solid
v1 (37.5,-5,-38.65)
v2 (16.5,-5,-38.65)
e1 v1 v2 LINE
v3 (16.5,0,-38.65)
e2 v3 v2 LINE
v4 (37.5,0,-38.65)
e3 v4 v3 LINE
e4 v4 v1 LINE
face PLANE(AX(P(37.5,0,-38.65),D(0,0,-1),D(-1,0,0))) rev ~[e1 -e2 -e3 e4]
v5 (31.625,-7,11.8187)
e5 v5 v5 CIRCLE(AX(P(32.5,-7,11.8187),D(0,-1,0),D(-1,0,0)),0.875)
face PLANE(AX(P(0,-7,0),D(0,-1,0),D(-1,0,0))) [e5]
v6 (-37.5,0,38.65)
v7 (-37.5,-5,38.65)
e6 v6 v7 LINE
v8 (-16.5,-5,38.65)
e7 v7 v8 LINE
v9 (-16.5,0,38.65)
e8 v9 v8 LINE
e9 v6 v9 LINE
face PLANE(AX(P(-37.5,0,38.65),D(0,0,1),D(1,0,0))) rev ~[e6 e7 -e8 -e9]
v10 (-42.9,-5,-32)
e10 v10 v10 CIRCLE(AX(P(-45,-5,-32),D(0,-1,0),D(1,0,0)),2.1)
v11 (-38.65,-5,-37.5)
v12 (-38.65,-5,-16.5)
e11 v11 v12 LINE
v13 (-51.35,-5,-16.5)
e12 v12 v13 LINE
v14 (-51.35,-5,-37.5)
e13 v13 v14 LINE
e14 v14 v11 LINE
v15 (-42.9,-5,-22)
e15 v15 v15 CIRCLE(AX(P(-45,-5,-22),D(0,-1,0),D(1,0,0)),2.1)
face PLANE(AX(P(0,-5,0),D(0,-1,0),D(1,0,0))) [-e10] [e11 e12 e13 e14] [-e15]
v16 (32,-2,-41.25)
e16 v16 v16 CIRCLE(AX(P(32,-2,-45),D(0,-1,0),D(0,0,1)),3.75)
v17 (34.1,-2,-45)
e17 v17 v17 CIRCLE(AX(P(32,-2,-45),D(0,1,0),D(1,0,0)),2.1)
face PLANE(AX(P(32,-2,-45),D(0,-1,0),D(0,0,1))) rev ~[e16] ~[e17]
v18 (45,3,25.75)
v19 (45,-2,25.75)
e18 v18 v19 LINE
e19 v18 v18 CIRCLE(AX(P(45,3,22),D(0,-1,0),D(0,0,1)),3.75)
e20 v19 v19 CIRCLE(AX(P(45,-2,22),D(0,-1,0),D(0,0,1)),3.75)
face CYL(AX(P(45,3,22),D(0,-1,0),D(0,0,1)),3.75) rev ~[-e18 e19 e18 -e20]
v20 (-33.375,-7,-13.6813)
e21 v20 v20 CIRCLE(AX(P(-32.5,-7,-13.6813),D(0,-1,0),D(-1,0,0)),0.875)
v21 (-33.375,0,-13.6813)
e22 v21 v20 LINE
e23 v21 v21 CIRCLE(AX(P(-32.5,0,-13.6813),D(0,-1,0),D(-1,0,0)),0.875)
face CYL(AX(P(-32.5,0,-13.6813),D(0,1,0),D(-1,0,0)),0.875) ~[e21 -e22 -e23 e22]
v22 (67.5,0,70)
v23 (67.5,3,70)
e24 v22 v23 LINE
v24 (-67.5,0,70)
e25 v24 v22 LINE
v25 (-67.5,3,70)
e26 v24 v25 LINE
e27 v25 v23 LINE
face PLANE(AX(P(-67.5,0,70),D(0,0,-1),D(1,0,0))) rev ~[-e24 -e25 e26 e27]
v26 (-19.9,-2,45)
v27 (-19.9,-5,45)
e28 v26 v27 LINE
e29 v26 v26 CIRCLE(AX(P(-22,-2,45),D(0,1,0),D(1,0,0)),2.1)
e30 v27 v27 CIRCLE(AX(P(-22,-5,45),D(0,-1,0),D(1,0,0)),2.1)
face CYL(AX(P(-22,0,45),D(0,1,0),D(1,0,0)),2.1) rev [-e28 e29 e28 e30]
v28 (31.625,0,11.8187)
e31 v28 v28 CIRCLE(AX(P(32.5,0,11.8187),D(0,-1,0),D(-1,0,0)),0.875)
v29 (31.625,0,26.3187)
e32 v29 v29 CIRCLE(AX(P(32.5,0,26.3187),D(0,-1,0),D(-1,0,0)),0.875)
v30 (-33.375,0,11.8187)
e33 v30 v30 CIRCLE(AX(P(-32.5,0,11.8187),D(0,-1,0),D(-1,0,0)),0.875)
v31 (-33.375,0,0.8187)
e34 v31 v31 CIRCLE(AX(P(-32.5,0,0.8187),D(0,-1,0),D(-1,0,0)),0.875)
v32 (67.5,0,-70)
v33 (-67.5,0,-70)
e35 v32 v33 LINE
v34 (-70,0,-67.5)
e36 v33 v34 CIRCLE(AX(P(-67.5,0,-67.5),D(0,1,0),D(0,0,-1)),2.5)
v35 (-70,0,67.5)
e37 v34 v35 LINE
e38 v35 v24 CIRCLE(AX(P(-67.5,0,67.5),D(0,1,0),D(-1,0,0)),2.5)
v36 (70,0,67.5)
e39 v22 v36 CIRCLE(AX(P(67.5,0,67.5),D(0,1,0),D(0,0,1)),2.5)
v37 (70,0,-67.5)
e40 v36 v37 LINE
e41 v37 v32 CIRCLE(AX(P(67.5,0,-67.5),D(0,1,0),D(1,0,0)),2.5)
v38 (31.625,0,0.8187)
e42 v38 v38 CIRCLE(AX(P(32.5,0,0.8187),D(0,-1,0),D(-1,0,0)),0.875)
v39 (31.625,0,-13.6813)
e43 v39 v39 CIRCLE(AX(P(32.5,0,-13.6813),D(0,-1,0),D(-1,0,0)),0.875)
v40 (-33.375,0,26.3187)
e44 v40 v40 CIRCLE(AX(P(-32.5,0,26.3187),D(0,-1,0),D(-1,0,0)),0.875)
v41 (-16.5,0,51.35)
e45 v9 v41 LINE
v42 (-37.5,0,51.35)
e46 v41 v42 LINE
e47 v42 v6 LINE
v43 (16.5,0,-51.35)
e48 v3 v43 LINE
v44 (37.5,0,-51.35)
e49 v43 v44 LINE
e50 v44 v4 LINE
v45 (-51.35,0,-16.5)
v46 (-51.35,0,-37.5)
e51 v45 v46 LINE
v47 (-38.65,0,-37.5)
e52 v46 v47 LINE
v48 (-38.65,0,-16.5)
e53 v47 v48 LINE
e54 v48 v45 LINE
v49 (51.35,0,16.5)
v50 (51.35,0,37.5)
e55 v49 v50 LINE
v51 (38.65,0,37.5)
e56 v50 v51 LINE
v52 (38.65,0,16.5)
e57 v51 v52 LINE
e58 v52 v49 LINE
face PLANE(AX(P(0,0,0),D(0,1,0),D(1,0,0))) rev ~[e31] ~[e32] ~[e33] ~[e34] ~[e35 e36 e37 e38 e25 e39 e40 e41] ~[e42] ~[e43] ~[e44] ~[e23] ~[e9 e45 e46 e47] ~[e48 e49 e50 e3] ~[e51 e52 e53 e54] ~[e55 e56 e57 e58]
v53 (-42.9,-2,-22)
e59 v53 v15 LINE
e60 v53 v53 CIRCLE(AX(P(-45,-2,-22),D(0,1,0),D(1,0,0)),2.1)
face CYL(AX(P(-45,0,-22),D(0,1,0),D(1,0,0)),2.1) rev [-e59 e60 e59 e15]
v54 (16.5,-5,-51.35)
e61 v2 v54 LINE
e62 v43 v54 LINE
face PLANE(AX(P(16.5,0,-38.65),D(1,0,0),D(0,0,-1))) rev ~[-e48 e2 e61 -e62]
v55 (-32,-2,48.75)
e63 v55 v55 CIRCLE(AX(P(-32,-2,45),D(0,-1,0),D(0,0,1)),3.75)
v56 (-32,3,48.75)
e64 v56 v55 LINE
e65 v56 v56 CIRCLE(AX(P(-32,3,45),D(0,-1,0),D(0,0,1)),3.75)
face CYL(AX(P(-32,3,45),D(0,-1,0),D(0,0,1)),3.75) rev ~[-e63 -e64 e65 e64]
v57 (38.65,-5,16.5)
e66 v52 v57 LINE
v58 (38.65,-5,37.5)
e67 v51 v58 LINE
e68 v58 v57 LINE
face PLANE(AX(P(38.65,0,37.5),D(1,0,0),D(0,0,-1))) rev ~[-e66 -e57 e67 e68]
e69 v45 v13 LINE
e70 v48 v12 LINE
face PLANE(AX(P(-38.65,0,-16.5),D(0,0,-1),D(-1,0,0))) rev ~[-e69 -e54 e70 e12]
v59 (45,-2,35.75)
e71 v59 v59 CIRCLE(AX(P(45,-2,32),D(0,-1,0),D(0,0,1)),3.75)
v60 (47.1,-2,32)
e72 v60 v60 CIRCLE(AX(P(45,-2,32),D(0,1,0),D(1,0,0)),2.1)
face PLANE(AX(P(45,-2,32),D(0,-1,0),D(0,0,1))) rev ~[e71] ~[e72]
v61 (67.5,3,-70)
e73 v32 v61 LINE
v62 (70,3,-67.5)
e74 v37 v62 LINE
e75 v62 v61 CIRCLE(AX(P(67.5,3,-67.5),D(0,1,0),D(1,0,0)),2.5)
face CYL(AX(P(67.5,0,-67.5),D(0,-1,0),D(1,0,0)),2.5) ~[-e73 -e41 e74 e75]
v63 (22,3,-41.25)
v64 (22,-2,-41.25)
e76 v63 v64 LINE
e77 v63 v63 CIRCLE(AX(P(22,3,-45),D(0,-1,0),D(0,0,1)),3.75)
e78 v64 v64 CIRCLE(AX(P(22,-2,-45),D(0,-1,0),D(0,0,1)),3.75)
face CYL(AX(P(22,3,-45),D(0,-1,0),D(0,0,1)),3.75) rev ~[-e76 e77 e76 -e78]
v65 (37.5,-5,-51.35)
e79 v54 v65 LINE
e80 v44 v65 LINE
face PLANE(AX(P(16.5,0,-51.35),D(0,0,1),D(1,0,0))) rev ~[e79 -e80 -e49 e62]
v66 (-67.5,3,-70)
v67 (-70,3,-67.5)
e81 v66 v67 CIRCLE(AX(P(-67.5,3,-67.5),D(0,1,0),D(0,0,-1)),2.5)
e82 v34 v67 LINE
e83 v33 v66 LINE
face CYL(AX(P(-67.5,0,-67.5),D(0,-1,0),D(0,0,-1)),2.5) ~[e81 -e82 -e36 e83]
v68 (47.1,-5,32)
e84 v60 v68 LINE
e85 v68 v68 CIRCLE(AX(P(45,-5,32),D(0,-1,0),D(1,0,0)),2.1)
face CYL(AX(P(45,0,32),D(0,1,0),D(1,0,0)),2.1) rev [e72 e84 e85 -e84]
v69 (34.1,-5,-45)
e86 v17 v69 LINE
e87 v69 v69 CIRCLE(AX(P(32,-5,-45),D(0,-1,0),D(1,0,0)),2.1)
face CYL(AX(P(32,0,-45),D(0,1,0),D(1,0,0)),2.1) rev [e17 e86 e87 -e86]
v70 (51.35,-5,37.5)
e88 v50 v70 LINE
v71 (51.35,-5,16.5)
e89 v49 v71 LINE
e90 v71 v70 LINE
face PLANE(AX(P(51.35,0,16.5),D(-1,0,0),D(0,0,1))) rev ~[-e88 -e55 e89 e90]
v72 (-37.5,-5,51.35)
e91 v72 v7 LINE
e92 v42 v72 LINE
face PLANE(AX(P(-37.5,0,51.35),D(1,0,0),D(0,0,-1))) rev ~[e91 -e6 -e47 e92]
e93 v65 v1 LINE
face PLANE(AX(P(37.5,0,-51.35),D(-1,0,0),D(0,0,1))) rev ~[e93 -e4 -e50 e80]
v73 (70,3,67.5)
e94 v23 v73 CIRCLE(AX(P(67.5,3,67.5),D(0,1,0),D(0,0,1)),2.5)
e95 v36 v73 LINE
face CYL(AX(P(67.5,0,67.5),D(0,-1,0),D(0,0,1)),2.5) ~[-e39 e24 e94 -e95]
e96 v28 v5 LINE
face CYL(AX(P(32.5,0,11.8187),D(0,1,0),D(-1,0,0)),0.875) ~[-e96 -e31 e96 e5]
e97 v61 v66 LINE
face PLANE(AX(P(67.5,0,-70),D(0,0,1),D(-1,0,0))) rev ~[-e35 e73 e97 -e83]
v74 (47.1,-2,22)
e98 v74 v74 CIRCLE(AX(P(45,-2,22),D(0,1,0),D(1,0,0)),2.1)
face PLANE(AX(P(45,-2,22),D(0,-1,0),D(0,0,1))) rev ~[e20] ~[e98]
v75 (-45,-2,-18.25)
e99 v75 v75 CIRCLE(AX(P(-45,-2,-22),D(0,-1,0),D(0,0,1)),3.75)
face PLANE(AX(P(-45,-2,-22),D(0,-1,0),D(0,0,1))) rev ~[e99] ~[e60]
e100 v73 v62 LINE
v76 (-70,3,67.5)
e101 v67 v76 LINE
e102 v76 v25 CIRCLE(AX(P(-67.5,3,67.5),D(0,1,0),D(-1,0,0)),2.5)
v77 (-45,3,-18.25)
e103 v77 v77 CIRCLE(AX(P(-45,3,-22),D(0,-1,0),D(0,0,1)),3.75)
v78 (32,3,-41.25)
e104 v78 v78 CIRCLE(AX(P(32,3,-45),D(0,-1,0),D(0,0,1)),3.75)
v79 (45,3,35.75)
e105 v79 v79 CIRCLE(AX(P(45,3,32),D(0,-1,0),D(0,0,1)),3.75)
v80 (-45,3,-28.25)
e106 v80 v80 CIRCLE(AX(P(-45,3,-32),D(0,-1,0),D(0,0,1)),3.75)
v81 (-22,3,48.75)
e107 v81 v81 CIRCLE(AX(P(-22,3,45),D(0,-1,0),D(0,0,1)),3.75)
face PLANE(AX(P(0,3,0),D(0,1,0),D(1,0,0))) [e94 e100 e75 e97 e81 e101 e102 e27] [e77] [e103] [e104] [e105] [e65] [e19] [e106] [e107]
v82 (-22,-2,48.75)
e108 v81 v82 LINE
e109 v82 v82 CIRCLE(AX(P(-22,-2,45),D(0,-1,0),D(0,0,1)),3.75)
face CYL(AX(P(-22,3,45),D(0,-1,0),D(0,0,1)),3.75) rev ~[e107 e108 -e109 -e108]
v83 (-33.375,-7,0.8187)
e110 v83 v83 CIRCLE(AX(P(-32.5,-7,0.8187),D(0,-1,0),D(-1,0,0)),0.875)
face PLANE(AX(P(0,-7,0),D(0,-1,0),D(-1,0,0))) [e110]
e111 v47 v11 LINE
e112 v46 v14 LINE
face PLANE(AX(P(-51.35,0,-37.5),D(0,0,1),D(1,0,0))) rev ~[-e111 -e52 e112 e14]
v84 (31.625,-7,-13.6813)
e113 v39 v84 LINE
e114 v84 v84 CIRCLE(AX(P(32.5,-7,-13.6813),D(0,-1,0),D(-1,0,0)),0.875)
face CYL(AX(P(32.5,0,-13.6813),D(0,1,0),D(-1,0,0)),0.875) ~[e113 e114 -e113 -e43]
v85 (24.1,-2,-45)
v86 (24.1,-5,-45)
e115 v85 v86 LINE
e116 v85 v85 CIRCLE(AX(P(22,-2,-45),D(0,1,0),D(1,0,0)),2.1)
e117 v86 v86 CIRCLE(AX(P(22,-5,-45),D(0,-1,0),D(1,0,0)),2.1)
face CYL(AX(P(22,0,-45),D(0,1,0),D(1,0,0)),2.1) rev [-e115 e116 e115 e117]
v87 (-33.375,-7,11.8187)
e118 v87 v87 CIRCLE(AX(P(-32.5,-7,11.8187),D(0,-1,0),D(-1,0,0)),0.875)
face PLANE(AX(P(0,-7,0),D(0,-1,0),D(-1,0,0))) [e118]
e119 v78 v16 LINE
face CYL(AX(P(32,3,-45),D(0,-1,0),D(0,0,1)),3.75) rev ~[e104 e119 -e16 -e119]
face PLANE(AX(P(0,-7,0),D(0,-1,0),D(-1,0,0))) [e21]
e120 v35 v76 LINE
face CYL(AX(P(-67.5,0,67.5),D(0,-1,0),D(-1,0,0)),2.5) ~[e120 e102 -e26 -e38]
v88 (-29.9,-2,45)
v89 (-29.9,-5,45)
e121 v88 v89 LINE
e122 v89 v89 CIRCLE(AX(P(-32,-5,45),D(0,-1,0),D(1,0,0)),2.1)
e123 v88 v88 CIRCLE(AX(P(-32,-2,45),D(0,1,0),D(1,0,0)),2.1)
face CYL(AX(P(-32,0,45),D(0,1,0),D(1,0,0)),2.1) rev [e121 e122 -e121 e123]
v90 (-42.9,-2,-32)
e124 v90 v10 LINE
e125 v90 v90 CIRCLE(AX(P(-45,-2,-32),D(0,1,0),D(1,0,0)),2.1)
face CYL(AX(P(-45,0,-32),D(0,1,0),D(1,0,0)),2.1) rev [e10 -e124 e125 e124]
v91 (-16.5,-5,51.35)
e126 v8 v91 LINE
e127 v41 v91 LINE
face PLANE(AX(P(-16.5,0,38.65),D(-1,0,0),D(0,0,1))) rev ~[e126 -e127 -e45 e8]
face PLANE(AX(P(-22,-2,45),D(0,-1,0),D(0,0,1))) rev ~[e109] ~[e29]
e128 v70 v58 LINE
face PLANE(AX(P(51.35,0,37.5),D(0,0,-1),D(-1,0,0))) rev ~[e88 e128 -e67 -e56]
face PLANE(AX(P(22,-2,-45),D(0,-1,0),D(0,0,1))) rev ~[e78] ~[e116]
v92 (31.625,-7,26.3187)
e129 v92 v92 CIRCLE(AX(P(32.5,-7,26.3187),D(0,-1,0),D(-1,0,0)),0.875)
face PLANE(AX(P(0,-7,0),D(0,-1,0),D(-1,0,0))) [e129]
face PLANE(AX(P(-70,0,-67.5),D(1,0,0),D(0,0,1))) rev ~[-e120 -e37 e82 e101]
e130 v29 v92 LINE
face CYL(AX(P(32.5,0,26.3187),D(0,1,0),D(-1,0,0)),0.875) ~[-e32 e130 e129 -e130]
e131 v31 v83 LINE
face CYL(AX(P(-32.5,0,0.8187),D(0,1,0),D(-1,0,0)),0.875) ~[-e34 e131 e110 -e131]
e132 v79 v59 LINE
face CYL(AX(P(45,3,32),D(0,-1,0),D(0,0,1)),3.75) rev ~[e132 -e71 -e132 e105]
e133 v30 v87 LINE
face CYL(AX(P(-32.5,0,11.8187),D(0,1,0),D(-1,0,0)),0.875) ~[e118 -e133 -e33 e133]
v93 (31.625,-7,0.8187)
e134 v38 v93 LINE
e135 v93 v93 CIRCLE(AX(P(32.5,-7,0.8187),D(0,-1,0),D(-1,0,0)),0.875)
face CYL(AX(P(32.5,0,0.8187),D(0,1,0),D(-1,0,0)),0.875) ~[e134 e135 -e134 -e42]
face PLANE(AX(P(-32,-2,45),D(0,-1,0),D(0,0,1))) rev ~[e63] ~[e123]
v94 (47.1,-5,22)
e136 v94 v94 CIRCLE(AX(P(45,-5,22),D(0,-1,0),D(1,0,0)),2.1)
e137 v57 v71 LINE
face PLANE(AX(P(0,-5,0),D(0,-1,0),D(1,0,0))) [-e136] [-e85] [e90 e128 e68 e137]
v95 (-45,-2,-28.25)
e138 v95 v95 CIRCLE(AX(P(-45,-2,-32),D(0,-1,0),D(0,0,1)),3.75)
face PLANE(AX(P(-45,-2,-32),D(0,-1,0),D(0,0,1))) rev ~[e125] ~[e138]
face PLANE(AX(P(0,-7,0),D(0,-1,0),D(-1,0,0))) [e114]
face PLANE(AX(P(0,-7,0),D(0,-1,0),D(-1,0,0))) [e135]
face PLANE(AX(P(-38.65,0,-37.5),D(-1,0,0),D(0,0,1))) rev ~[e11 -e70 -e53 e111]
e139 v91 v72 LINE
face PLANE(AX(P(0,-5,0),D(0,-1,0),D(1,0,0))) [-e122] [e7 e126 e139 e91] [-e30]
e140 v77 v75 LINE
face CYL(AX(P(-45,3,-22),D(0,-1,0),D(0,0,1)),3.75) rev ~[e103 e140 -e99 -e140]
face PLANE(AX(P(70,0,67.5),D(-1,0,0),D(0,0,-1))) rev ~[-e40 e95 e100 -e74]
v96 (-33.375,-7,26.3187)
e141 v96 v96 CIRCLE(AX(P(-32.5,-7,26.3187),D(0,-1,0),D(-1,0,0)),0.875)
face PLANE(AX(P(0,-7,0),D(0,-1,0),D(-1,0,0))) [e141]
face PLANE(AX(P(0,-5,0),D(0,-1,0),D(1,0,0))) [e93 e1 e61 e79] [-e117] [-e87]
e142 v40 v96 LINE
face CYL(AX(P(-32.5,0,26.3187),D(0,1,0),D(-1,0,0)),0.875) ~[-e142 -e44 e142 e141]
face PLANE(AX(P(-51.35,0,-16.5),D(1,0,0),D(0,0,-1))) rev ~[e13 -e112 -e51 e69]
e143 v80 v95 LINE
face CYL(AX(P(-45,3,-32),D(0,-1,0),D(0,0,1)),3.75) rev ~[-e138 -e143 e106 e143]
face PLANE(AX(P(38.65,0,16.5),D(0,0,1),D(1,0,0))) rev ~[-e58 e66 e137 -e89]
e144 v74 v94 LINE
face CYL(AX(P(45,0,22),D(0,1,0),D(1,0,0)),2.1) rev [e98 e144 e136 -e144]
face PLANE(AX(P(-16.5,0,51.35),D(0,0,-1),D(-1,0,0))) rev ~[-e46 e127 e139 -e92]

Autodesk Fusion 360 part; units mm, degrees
sketch "Sketch1" plane through (0, 0, 0) normal (0, 1, 0) x (1, 0, 0)
  line L0 (-67.5, -70) -> (67.5, -70)
  line L1 (70, -67.5) -> (70, 67.5)
  line L2 (67.5, 70) -> (-67.5, 70)
  line L3 (-70, 67.5) -> (-70, -67.5)
  line L4 (-70, -70) -> (70, 70) construction
  line L5 (70, -70) -> (-70, 70) construction
  arc A0 (-67.5, 70) -> (-70, 67.5) centre (-67.5, 67.5) ccw
  arc A1 (70, 67.5) -> (67.5, 70) centre (67.5, 67.5) ccw
  arc A2 (67.5, -70) -> (70, -67.5) centre (67.5, -67.5) ccw
  arc A3 (-70, -67.5) -> (-67.5, -70) centre (-67.5, -67.5) ccw
  dimension "d1" = 140
  dimension "d2" = 140
  dimension "d25" = 2.5
  dimension "d26" = 2.5
  dimension "d27" = 2.5
  dimension "d28" = 2.5
extrude "Extrude1" add sketch "Sketch1" along normal blind 3
sketch "Sketch11" plane through (0, 0, 0) normal (0, -1, 0) x (1, 0, 0)
  arc A0 (-67.5, 70) -> (-70, 67.5) centre (-67.5, 67.5) ccw
  line L0 (-70, 67.5) -> (-70, -67.5)
  arc A1 (-70, -67.5) -> (-67.5, -70) centre (-67.5, -67.5) ccw
  line L1 (-67.5, -70) -> (67.5, -70)
  arc A2 (67.5, -70) -> (70, -67.5) centre (67.5, -67.5) ccw
  line L2 (70, -67.5) -> (70, 67.5)
  arc A3 (70, 67.5) -> (67.5, 70) centre (67.5, 67.5) ccw
  line L3 (67.5, 70) -> (-67.5, 70)
  line L4 (37.5, 38.65) -> (37.5, 51.35)
  line L5 (-37.5, 51.35) -> (-37.5, 38.65)
  line L6 (-51.35, -37.5) -> (-38.65, -37.5)
  line L7 (-38.65, 37.5) -> (-51.35, 37.5)
  line L8 (37.5, -51.35) -> (37.5, -38.65)
  line L9 (-37.5, -38.65) -> (-37.5, -51.35)
  line L10 (38.65, -37.5) -> (51.35, -37.5)
  line L11 (51.35, 37.5) -> (38.65, 37.5)
  circle A4 centre (-22, -45) radius 2.1
  circle A5 centre (-32, -45) radius 2.1
  circle A6 centre (22, -45) radius 2.1
  circle A7 centre (32, -45) radius 2.1
  circle A8 centre (-45, -22) radius 2.1
  circle A9 centre (-45, -32) radius 2.1
  circle A10 centre (-45, 22) radius 2.1
  circle A11 centre (-45, 32) radius 2.1
  circle A12 centre (-32, 45) radius 2.1
  circle A13 centre (-22, 45) radius 2.1
  circle A14 centre (22, 45) radius 2.1
  circle A15 centre (32, 45) radius 2.1
  circle A16 centre (45, 22) radius 2.1
  circle A17 centre (45, 32) radius 2.1
  circle A18 centre (45, -22) radius 2.1
  circle A19 centre (45, -32) radius 2.1
  line L12 (-51.35, 37.5) -> (-38.65, 37.5)
  line L13 (-38.65, 37.5) -> (-38.65, 16.5)
  line L14 (-38.65, 16.5) -> (-51.35, 16.5)
  line L15 (-51.35, 16.5) -> (-51.35, 37.5)
  line L16 (-51.35, -37.5) -> (-38.65, -37.5)
  line L17 (-38.65, -37.5) -> (-38.65, -16.5)
  line L18 (-38.65, -16.5) -> (-51.35, -16.5)
  line L19 (-51.35, -16.5) -> (-51.35, -37.5)
  line L20 (-37.5, -51.35) -> (-16.5, -51.35)
  line L21 (-16.5, -51.35) -> (-16.5, -38.65)
  line L22 (-16.5, -38.65) -> (-37.5, -38.65)
  line L23 (-37.5, -38.65) -> (-37.5, -51.35)
  line L24 (37.5, -38.65) -> (16.5, -38.65)
  line L25 (16.5, -38.65) -> (16.5, -51.35)
  line L26 (16.5, -51.35) -> (37.5, -51.35)
  line L27 (37.5, -51.35) -> (37.5, -38.65)
  line L28 (38.65, -37.5) -> (51.35, -37.5)
  line L29 (51.35, -37.5) -> (51.35, -16.5)
  line L30 (51.35, -16.5) -> (38.65, -16.5)
  line L31 (38.65, -16.5) -> (38.65, -37.5)
  line L32 (51.35, 37.5) -> (38.65, 37.5)
  line L33 (38.65, 37.5) -> (38.65, 16.5)
  line L34 (38.65, 16.5) -> (51.35, 16.5)
  line L35 (51.35, 16.5) -> (51.35, 37.5)
  line L36 (37.5, 38.65) -> (16.5, 38.65)
  line L37 (16.5, 38.65) -> (16.5, 51.35)
  line L38 (16.5, 51.35) -> (37.5, 51.35)
  line L39 (37.5, 51.35) -> (37.5, 38.65)
  line L40 (-37.5, 38.65) -> (-16.5, 38.65)
  line L41 (-16.5, 38.65) -> (-16.5, 51.35)
  line L42 (-16.5, 51.35) -> (-37.5, 51.35)
  line L43 (-37.5, 51.35) -> (-37.5, 38.65)
  point P0 (0, 45)
  point P1 (-45, 0)
  point P2 (45, 0)
  dimension "d68" = 12.7
  dimension "d73" = 12.7
  dimension "d77" = 4.2
  dimension "d79" = 4.2
  dimension "d81" = 4.2
  dimension "d83" = 4.2
  dimension "d85" = 4.2
  dimension "d87" = 4.2
  dimension "d89" = 4.2
  dimension "d91" = 4.2
  dimension "d93" = 4.2
  dimension "d95" = 4.2
  dimension "d97" = 4.2
  dimension "d99" = 4.2
  dimension "d101" = 4.2
  dimension "d103" = 4.2
  dimension "d105" = 4.2
  dimension "d107" = 4.2
  dimension "d111" = 21
  dimension "d112" = 12.7
  dimension "d113" = 21
  dimension "d114" = 21
  dimension "d115" = 21
  dimension "d116" = 21
  dimension "d117" = 21
  dimension "d118" = 21
  dimension "d119" = 21
  dimension "d120" = 12.7
extrude "Extrude9" add sketch "Sketch11" along normal blind 5 contours L5 L40 L41 L42 L43 | L6 L16 L17 L18 L19 | L8 L24 L25 L26 L27 | L11 L32 L33 L34 L35
sketch "Sketch14" plane through (0, 0, 0) normal (0, -1, 0) x (-1, 0, 0)
  line L0 (51.35, 16.5) -> (38.65, 16.5)
  line L1 (38.65, 16.5) -> (38.65, 37.5)
  line L2 (38.65, 37.5) -> (51.35, 37.5)
  line L3 (51.35, 37.5) -> (51.35, 16.5)
  line L4 (37.5, -51.35) -> (16.5, -51.35)
  line L5 (16.5, -51.35) -> (16.5, -38.65)
  line L6 (16.5, -38.65) -> (37.5, -38.65)
  line L7 (37.5, -38.65) -> (37.5, -51.35)
  line L8 (-37.5, 51.35) -> (-16.5, 51.35)
  line L9 (-16.5, 51.35) -> (-16.5, 38.65)
  line L10 (-16.5, 38.65) -> (-37.5, 38.65)
  line L11 (-37.5, 38.65) -> (-37.5, 51.35)
  line L12 (-51.35, -16.5) -> (-38.65, -16.5)
  line L13 (-38.65, -16.5) -> (-38.65, -37.5)
  line L14 (-38.65, -37.5) -> (-51.35, -37.5)
  line L15 (-51.35, -37.5) -> (-51.35, -16.5)
  arc A0 (67.5, -70) -> (70, -67.5) centre (67.5, -67.5) ccw
  line L16 (70, -67.5) -> (70, 67.5)
  arc A1 (70, 67.5) -> (67.5, 70) centre (67.5, 67.5) ccw
  line L17 (67.5, 70) -> (-67.5, 70)
  arc A2 (-67.5, 70) -> (-70, 67.5) centre (-67.5, 67.5) ccw
  line L18 (-70, 67.5) -> (-70, -67.5)
  arc A3 (-70, -67.5) -> (-67.5, -70) centre (-67.5, -67.5) ccw
  line L19 (-67.5, -70) -> (67.5, -70)
  circle A4 centre (32.5, -0.8187) radius 0.875
  circle A5 centre (32.5, -11.8187) radius 0.875
  circle A6 centre (-32.5, -11.8187) radius 0.875
  circle A7 centre (-32.5, -0.8187) radius 0.875
  circle A8 centre (32.5, -26.3187) radius 0.875
  circle A9 centre (32.5, 13.6813) radius 0.875
  circle A10 centre (-32.5, -26.3187) radius 0.875
  circle A11 centre (-32.5, 13.6813) radius 0.875
  dimension "d145" = 1.75
  dimension "d146" = 1.75
  dimension "d150" = 1.75
  dimension "d151" = 1.75
  dimension "d152" = 14.5
  dimension "d153" = 1.75
  dimension "d154" = 14.5
  dimension "d155" = 1.75
  dimension "d156" = 1.75
  dimension "d157" = 1.75
extrude "Extrude12" add sketch "Sketch14" along normal blind 7 contours A4 | A5 | A6 | A7 | A8 | A9 | A10 | A11
move_body "Move3" [suppressed]
sketch "Sketch16" plane through (0, 3, 0) normal (0, 1, 0) x (-1, 0, 0)
  circle A0 centre (45, -32) radius 2.1
  circle A1 centre (45, -22) radius 2.1
  circle A2 centre (-22, -45) radius 2.1
  circle A3 centre (-32, -45) radius 2.1
  circle A4 centre (-45, 22) radius 2.1
  circle A5 centre (-45, 32) radius 2.1
  circle A6 centre (32, 45) radius 2.1
  circle A7 centre (22, 45) radius 2.1
  point P0 (45, -32)
  point P1 (45, -22)
  point P2 (-22, -45)
  point P3 (-32, -45)
  point P4 (-45, 22)
  point P5 (-45, 32)
  point P6 (32, 45)
  point P7 (22, 45)
  dimension "d162" = 4.2
  dimension "d163" = 4.2
  dimension "d164" = 4.2
  dimension "d165" = 4.2
  dimension "d166" = 4.2
  dimension "d167" = 4.2
  dimension "d168" = 4.2
  dimension "d169" = 4.2
hole "Hole5" at (-45, 3, -32) at (-45, 3, -22) at (-32, 3, 45) at (-22, 3, 45) at (45, 3, 22) at (45, 3, 32) at (22, 3, -45) at (32, 3, -45) direction (0, -1, 0) diameter 4.2 depth 5 tip angle 180 counterbore diameter 7.5 counterbore depth 5
